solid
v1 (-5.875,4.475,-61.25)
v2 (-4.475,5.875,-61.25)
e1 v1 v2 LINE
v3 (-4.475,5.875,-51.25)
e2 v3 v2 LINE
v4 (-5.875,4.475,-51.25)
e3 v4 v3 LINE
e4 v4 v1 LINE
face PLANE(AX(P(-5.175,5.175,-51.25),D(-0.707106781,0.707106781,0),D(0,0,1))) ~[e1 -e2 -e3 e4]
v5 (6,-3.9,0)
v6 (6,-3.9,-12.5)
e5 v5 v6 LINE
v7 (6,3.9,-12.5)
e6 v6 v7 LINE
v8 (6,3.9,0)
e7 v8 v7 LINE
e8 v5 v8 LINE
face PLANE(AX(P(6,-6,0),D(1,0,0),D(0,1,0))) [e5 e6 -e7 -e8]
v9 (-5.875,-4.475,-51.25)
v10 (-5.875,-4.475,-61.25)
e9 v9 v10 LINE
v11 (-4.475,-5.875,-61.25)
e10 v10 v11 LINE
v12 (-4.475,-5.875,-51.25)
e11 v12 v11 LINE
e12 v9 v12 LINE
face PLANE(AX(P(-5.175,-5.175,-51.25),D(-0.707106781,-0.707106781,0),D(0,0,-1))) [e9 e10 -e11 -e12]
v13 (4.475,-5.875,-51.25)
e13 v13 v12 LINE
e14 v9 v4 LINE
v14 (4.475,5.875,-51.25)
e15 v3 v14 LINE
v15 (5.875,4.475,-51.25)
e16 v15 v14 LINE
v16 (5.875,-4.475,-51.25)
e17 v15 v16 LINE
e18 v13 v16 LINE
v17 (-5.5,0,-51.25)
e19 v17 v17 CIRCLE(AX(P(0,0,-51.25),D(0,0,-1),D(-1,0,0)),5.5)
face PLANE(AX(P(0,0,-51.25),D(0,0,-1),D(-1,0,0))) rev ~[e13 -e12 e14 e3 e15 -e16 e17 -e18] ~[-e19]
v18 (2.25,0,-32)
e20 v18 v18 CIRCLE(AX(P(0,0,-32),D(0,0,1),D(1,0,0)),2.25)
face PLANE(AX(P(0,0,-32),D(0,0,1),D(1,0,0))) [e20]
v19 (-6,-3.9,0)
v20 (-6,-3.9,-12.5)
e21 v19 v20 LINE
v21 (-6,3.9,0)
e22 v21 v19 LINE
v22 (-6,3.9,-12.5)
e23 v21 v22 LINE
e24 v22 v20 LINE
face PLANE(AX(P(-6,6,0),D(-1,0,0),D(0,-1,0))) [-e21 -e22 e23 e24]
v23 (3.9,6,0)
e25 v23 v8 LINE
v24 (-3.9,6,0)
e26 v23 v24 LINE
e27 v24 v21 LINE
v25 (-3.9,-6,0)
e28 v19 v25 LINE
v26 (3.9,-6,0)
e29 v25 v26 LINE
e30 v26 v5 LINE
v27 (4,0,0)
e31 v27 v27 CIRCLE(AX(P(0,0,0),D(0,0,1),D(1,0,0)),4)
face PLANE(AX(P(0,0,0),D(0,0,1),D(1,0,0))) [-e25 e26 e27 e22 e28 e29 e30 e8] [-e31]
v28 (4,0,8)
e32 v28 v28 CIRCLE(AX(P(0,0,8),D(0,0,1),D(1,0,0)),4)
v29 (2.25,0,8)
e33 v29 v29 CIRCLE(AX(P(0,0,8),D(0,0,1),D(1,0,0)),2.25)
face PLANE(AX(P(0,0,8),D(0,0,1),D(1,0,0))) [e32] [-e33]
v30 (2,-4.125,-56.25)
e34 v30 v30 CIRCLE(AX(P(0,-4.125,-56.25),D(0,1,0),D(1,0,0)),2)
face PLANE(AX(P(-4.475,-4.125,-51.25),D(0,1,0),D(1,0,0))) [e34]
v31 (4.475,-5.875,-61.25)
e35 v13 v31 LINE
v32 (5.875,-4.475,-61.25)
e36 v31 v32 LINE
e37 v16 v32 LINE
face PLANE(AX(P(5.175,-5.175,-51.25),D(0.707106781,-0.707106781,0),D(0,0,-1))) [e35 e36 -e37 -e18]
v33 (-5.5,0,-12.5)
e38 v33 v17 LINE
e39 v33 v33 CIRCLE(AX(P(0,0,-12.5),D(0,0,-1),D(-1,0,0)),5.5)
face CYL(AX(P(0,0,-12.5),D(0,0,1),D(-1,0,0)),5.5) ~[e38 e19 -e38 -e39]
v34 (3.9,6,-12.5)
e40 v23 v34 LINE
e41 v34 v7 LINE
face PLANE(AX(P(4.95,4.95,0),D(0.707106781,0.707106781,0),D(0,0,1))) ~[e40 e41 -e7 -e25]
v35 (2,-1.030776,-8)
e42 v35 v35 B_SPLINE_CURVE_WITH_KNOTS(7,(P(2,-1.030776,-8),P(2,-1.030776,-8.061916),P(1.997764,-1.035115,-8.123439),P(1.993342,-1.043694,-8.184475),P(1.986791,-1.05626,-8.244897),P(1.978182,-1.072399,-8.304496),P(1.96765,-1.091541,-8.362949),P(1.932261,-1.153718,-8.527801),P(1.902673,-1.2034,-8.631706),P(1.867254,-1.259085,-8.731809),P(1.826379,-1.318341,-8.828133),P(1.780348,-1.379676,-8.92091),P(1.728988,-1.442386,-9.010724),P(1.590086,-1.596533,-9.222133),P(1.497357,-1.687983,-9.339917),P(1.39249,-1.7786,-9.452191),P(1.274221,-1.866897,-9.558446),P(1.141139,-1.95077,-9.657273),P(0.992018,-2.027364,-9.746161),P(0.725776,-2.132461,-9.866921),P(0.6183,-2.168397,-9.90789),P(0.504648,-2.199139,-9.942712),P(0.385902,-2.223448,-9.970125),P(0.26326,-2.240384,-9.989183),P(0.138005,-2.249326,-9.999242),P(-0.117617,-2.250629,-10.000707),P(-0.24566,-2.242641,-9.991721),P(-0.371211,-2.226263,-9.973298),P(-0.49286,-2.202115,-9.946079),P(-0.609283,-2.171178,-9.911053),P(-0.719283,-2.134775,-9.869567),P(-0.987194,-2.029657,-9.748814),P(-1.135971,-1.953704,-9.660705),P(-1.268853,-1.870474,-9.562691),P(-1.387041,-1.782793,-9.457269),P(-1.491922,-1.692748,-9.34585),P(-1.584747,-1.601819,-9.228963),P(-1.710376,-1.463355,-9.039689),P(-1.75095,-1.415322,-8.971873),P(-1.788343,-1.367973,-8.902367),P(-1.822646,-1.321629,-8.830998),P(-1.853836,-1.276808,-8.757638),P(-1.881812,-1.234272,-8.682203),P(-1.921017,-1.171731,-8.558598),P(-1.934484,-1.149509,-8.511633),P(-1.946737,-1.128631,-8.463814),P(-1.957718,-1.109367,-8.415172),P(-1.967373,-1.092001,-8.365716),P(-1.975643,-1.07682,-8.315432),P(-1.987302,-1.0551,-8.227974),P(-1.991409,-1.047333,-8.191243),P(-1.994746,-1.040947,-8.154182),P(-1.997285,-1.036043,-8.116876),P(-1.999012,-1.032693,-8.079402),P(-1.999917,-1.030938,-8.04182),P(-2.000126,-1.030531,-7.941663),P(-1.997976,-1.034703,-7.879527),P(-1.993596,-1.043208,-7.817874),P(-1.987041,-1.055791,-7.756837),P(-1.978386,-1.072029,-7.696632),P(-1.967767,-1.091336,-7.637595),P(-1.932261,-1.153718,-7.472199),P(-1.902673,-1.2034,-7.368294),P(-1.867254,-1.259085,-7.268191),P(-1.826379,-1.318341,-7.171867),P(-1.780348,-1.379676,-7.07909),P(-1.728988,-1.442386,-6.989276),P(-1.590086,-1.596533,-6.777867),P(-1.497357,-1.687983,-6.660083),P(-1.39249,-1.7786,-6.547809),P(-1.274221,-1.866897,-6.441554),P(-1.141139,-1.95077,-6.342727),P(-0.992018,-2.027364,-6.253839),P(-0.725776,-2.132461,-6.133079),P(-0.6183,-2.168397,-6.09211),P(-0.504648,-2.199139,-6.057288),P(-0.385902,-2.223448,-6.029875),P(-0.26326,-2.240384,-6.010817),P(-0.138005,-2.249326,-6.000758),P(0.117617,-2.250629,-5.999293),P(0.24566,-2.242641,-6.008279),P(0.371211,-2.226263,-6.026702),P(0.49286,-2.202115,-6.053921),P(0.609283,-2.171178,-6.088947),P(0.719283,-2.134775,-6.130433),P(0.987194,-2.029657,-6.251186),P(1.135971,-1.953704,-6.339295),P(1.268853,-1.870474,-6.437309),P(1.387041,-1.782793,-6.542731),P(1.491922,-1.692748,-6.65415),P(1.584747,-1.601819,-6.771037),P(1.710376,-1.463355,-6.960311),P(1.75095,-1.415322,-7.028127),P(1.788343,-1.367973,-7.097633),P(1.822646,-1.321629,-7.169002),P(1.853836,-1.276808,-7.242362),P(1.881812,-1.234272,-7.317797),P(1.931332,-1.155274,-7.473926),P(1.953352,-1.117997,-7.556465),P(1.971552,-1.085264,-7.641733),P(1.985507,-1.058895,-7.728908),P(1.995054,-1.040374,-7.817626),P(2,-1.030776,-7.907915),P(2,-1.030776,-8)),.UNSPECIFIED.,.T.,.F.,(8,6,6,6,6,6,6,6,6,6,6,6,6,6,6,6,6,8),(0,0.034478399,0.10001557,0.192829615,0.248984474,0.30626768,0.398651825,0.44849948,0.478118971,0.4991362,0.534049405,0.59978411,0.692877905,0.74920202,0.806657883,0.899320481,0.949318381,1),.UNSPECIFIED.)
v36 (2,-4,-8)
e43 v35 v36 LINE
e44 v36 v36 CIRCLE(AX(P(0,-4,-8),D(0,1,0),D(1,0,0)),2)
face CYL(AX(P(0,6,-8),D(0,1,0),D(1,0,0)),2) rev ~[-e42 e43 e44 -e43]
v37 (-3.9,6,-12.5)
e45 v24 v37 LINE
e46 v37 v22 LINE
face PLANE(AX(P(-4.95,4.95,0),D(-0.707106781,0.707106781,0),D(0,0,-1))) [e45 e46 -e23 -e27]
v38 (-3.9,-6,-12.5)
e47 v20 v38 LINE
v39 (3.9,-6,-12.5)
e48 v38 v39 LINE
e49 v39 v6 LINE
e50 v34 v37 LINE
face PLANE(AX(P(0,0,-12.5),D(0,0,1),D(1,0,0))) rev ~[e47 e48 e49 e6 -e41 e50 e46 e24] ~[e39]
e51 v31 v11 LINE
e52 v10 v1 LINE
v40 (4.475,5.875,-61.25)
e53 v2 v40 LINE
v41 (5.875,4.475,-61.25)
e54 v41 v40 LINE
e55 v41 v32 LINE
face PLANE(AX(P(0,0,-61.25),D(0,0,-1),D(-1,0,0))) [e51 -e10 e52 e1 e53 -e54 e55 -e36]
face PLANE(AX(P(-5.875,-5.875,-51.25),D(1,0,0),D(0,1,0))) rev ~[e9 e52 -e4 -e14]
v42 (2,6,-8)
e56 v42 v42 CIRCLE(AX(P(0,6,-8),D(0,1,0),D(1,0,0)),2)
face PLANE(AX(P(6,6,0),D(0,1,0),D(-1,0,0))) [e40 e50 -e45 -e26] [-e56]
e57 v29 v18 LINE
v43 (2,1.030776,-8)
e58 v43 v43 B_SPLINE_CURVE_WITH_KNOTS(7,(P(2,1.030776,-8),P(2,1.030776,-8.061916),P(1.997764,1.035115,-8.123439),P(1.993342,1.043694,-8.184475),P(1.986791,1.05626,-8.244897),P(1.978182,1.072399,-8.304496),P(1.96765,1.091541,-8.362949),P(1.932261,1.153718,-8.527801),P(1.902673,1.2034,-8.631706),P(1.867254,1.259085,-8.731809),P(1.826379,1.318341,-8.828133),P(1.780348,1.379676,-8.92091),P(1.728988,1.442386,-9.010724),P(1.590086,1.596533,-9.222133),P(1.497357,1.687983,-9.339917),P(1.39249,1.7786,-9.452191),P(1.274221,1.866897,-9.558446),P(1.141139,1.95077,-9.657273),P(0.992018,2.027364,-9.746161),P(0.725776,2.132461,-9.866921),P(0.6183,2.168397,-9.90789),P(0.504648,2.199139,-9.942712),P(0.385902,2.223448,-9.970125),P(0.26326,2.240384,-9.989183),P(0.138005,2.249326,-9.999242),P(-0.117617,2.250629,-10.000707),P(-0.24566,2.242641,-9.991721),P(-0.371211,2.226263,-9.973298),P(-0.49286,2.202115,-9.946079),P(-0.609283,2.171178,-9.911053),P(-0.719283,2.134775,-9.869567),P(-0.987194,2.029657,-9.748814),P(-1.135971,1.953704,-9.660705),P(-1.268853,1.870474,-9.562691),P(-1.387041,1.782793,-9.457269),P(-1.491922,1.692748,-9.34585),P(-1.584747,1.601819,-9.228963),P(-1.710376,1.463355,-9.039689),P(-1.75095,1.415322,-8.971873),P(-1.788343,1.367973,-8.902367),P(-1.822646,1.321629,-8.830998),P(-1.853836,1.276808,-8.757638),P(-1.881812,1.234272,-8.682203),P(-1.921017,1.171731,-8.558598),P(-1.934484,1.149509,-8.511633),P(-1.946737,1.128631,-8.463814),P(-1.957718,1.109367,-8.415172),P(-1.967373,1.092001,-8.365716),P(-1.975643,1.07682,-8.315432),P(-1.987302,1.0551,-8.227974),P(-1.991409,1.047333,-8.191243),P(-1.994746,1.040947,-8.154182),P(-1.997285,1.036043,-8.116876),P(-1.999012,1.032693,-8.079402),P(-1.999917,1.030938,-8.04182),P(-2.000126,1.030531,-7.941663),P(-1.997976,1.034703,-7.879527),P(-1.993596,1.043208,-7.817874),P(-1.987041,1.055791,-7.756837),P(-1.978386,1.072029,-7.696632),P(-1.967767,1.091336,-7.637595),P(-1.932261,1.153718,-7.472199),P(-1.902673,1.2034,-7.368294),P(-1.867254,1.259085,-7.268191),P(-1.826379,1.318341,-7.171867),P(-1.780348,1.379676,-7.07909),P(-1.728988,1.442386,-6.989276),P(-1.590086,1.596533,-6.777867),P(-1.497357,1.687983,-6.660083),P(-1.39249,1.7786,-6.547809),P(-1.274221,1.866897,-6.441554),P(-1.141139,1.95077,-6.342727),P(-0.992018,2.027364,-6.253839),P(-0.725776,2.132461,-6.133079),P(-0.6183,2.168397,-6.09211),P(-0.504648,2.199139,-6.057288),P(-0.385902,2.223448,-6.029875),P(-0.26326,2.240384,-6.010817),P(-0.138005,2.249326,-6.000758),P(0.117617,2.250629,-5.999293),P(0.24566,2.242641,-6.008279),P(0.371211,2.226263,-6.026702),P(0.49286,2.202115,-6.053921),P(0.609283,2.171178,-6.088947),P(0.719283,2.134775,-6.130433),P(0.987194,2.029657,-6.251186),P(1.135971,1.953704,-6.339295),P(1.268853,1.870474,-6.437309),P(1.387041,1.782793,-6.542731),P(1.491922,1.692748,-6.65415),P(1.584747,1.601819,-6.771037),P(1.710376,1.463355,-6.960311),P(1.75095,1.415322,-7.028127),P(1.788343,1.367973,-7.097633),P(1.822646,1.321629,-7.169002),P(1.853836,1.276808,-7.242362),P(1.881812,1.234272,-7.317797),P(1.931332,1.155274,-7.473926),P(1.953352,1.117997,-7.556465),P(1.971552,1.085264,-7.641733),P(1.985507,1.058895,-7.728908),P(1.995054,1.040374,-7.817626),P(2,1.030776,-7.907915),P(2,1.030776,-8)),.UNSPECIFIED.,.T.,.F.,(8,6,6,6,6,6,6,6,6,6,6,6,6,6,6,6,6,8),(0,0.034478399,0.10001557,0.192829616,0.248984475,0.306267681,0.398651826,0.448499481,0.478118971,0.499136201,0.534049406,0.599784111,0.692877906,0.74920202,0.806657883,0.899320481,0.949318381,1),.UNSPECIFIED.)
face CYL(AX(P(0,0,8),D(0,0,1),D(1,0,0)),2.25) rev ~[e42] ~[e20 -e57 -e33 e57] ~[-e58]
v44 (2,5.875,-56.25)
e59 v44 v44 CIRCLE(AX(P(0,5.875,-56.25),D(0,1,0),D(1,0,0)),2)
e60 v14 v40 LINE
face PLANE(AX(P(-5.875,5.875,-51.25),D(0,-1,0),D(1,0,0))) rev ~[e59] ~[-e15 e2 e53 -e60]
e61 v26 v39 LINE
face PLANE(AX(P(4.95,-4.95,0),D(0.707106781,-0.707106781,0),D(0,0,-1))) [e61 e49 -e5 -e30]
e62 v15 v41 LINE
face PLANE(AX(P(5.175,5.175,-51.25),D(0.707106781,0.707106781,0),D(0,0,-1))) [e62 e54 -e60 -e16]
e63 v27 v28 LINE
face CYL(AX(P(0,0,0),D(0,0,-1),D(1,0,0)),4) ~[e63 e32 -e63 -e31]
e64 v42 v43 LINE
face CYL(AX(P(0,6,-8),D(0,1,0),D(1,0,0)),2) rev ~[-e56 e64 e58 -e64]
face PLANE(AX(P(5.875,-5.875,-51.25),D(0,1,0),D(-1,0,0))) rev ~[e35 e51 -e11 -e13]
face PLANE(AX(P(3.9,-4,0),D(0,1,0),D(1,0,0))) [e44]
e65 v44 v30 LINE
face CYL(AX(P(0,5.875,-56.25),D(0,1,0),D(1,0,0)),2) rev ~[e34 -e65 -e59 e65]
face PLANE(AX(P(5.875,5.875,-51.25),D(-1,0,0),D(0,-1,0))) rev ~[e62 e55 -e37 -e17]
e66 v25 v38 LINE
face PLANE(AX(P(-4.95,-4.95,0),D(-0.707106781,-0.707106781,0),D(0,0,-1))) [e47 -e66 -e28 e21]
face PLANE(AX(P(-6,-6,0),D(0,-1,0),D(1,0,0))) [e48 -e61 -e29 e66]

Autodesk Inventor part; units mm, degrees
ref_plane "YZ Plane" through (0, 0, 0) normal (1, 0, 0) x (0, 1, 0)
ref_plane "XZ Plane" through (0, 0, 0) normal (0, 1, 0) x (-1, 0, 0)
ref_plane "XY Plane" through (0, 0, 0) normal (0, 0, 1) x (1, 0, 0)
sketch "スケッチ1" plane through (0, 0, 0) normal (0, 0, 1) x (1, 0, 0)
  circle A0 centre (0, 0) radius 4
  dimension "d0" = 8
extrude "押し出し1" add sketch "スケッチ1" along normal blind 8
sketch "スケッチ2" plane through (0, 0, 0) normal (0, 0, 1) x (1, 0, 0)
  line L0 (-6, -6) -> (6, -6)
  line L1 (6, -6) -> (6, 6)
  line L2 (6, 6) -> (-6, 6)
  line L3 (-6, 6) -> (-6, -6)
  line L4 (-6, -6) -> (6, 6) construction
  line L5 (6, -6) -> (-6, 6) construction
  point P0 (0, 0)
  dimension "d3" = 12
  dimension "d4" = 12
extrude "押し出し2" add sketch "スケッチ2" against normal blind 12.5
chamfer "面取り1" distance 2.1 angle 45 1 edges at (6, 6, -6.25)
chamfer "面取り2" distance 2.1 angle 45 1 edges at (-6, 6, -6.25)
chamfer "面取り3" distance 2.1 angle 45 1 edges at (-6, -6, -6.25)
chamfer "面取り4" distance 2.1 angle 45 1 edges at (6, -6, -6.25)
sketch "スケッチ3" plane through (0, 0, -12.5) normal (0, 0, -1) x (-1, 0, 0)
  circle A0 centre (0, 0) radius 5.5
  dimension "d19" = 11
extrude "押し出し3" add sketch "スケッチ3" along normal blind 38.75
sketch "スケッチ4" plane through (0, 0, -51.25) normal (0, 0, -1) x (-1, 0, 0)
  line L0 (5.875, 5.875) -> (-5.875, 5.875)
  line L1 (-5.875, 5.875) -> (-5.875, -5.875)
  line L2 (-5.875, -5.875) -> (5.875, -5.875)
  line L3 (5.875, -5.875) -> (5.875, 5.875)
  line L4 (5.875, 5.875) -> (-5.875, -5.875) construction
  line L5 (-5.875, 5.875) -> (5.875, -5.875) construction
  point P0 (0, 0)
  dimension "d22" = 11.75
  dimension "d23" = 11.75
extrude "押し出し4" add sketch "スケッチ4" along normal blind 10
chamfer "面取り5" distance 1.4 angle 45 1 edges at (-5.875, -5.875, -56.25)
chamfer "面取り6" distance 1.4 angle 45 1 edges at (-5.875, 5.875, -56.25)
chamfer "面取り7" distance 1.4 angle 45 1 edges at (5.875, -5.875, -56.25)
chamfer "面取り8" distance 1.4 angle 45 1 edges at (5.875, 5.875, -56.25)
sketch "スケッチ5" plane through (3.9, 6, 0) normal (0, 1, 0) x (1, 0, 0)
  circle A0 centre (-3.9, 8) radius 2
  point P0 (-3.9, 0)
  dimension "d38" = 4
  dimension "d39" = 8
extrude "押し出し5" cut sketch "スケッチ5" against normal blind 10
sketch "スケッチ6" plane through (-4.475, 5.875, -51.25) normal (0, 1, 0) x (1, 0, 0)
  circle A0 centre (4.475, 5) radius 2
  line L0 (0, 0) -> (8.95, 0) projected
  point P0 (4.475, -51.25)
  dimension "d42" = 4
  dimension "d43" = 5
extrude "押し出し6" cut sketch "スケッチ6" against normal blind 10
sketch "スケッチ7" plane through (0, 0, 8) normal (0, 0, 1) x (1, 0, 0)
  circle A0 centre (0, 0) radius 2.25
  dimension "d46" = 4.5
extrude "押し出し7" cut sketch "スケッチ7" against normal blind 40
properties part number "air_cylinder_15_part1_sa" material "アルミニウム 6061-AHC"
